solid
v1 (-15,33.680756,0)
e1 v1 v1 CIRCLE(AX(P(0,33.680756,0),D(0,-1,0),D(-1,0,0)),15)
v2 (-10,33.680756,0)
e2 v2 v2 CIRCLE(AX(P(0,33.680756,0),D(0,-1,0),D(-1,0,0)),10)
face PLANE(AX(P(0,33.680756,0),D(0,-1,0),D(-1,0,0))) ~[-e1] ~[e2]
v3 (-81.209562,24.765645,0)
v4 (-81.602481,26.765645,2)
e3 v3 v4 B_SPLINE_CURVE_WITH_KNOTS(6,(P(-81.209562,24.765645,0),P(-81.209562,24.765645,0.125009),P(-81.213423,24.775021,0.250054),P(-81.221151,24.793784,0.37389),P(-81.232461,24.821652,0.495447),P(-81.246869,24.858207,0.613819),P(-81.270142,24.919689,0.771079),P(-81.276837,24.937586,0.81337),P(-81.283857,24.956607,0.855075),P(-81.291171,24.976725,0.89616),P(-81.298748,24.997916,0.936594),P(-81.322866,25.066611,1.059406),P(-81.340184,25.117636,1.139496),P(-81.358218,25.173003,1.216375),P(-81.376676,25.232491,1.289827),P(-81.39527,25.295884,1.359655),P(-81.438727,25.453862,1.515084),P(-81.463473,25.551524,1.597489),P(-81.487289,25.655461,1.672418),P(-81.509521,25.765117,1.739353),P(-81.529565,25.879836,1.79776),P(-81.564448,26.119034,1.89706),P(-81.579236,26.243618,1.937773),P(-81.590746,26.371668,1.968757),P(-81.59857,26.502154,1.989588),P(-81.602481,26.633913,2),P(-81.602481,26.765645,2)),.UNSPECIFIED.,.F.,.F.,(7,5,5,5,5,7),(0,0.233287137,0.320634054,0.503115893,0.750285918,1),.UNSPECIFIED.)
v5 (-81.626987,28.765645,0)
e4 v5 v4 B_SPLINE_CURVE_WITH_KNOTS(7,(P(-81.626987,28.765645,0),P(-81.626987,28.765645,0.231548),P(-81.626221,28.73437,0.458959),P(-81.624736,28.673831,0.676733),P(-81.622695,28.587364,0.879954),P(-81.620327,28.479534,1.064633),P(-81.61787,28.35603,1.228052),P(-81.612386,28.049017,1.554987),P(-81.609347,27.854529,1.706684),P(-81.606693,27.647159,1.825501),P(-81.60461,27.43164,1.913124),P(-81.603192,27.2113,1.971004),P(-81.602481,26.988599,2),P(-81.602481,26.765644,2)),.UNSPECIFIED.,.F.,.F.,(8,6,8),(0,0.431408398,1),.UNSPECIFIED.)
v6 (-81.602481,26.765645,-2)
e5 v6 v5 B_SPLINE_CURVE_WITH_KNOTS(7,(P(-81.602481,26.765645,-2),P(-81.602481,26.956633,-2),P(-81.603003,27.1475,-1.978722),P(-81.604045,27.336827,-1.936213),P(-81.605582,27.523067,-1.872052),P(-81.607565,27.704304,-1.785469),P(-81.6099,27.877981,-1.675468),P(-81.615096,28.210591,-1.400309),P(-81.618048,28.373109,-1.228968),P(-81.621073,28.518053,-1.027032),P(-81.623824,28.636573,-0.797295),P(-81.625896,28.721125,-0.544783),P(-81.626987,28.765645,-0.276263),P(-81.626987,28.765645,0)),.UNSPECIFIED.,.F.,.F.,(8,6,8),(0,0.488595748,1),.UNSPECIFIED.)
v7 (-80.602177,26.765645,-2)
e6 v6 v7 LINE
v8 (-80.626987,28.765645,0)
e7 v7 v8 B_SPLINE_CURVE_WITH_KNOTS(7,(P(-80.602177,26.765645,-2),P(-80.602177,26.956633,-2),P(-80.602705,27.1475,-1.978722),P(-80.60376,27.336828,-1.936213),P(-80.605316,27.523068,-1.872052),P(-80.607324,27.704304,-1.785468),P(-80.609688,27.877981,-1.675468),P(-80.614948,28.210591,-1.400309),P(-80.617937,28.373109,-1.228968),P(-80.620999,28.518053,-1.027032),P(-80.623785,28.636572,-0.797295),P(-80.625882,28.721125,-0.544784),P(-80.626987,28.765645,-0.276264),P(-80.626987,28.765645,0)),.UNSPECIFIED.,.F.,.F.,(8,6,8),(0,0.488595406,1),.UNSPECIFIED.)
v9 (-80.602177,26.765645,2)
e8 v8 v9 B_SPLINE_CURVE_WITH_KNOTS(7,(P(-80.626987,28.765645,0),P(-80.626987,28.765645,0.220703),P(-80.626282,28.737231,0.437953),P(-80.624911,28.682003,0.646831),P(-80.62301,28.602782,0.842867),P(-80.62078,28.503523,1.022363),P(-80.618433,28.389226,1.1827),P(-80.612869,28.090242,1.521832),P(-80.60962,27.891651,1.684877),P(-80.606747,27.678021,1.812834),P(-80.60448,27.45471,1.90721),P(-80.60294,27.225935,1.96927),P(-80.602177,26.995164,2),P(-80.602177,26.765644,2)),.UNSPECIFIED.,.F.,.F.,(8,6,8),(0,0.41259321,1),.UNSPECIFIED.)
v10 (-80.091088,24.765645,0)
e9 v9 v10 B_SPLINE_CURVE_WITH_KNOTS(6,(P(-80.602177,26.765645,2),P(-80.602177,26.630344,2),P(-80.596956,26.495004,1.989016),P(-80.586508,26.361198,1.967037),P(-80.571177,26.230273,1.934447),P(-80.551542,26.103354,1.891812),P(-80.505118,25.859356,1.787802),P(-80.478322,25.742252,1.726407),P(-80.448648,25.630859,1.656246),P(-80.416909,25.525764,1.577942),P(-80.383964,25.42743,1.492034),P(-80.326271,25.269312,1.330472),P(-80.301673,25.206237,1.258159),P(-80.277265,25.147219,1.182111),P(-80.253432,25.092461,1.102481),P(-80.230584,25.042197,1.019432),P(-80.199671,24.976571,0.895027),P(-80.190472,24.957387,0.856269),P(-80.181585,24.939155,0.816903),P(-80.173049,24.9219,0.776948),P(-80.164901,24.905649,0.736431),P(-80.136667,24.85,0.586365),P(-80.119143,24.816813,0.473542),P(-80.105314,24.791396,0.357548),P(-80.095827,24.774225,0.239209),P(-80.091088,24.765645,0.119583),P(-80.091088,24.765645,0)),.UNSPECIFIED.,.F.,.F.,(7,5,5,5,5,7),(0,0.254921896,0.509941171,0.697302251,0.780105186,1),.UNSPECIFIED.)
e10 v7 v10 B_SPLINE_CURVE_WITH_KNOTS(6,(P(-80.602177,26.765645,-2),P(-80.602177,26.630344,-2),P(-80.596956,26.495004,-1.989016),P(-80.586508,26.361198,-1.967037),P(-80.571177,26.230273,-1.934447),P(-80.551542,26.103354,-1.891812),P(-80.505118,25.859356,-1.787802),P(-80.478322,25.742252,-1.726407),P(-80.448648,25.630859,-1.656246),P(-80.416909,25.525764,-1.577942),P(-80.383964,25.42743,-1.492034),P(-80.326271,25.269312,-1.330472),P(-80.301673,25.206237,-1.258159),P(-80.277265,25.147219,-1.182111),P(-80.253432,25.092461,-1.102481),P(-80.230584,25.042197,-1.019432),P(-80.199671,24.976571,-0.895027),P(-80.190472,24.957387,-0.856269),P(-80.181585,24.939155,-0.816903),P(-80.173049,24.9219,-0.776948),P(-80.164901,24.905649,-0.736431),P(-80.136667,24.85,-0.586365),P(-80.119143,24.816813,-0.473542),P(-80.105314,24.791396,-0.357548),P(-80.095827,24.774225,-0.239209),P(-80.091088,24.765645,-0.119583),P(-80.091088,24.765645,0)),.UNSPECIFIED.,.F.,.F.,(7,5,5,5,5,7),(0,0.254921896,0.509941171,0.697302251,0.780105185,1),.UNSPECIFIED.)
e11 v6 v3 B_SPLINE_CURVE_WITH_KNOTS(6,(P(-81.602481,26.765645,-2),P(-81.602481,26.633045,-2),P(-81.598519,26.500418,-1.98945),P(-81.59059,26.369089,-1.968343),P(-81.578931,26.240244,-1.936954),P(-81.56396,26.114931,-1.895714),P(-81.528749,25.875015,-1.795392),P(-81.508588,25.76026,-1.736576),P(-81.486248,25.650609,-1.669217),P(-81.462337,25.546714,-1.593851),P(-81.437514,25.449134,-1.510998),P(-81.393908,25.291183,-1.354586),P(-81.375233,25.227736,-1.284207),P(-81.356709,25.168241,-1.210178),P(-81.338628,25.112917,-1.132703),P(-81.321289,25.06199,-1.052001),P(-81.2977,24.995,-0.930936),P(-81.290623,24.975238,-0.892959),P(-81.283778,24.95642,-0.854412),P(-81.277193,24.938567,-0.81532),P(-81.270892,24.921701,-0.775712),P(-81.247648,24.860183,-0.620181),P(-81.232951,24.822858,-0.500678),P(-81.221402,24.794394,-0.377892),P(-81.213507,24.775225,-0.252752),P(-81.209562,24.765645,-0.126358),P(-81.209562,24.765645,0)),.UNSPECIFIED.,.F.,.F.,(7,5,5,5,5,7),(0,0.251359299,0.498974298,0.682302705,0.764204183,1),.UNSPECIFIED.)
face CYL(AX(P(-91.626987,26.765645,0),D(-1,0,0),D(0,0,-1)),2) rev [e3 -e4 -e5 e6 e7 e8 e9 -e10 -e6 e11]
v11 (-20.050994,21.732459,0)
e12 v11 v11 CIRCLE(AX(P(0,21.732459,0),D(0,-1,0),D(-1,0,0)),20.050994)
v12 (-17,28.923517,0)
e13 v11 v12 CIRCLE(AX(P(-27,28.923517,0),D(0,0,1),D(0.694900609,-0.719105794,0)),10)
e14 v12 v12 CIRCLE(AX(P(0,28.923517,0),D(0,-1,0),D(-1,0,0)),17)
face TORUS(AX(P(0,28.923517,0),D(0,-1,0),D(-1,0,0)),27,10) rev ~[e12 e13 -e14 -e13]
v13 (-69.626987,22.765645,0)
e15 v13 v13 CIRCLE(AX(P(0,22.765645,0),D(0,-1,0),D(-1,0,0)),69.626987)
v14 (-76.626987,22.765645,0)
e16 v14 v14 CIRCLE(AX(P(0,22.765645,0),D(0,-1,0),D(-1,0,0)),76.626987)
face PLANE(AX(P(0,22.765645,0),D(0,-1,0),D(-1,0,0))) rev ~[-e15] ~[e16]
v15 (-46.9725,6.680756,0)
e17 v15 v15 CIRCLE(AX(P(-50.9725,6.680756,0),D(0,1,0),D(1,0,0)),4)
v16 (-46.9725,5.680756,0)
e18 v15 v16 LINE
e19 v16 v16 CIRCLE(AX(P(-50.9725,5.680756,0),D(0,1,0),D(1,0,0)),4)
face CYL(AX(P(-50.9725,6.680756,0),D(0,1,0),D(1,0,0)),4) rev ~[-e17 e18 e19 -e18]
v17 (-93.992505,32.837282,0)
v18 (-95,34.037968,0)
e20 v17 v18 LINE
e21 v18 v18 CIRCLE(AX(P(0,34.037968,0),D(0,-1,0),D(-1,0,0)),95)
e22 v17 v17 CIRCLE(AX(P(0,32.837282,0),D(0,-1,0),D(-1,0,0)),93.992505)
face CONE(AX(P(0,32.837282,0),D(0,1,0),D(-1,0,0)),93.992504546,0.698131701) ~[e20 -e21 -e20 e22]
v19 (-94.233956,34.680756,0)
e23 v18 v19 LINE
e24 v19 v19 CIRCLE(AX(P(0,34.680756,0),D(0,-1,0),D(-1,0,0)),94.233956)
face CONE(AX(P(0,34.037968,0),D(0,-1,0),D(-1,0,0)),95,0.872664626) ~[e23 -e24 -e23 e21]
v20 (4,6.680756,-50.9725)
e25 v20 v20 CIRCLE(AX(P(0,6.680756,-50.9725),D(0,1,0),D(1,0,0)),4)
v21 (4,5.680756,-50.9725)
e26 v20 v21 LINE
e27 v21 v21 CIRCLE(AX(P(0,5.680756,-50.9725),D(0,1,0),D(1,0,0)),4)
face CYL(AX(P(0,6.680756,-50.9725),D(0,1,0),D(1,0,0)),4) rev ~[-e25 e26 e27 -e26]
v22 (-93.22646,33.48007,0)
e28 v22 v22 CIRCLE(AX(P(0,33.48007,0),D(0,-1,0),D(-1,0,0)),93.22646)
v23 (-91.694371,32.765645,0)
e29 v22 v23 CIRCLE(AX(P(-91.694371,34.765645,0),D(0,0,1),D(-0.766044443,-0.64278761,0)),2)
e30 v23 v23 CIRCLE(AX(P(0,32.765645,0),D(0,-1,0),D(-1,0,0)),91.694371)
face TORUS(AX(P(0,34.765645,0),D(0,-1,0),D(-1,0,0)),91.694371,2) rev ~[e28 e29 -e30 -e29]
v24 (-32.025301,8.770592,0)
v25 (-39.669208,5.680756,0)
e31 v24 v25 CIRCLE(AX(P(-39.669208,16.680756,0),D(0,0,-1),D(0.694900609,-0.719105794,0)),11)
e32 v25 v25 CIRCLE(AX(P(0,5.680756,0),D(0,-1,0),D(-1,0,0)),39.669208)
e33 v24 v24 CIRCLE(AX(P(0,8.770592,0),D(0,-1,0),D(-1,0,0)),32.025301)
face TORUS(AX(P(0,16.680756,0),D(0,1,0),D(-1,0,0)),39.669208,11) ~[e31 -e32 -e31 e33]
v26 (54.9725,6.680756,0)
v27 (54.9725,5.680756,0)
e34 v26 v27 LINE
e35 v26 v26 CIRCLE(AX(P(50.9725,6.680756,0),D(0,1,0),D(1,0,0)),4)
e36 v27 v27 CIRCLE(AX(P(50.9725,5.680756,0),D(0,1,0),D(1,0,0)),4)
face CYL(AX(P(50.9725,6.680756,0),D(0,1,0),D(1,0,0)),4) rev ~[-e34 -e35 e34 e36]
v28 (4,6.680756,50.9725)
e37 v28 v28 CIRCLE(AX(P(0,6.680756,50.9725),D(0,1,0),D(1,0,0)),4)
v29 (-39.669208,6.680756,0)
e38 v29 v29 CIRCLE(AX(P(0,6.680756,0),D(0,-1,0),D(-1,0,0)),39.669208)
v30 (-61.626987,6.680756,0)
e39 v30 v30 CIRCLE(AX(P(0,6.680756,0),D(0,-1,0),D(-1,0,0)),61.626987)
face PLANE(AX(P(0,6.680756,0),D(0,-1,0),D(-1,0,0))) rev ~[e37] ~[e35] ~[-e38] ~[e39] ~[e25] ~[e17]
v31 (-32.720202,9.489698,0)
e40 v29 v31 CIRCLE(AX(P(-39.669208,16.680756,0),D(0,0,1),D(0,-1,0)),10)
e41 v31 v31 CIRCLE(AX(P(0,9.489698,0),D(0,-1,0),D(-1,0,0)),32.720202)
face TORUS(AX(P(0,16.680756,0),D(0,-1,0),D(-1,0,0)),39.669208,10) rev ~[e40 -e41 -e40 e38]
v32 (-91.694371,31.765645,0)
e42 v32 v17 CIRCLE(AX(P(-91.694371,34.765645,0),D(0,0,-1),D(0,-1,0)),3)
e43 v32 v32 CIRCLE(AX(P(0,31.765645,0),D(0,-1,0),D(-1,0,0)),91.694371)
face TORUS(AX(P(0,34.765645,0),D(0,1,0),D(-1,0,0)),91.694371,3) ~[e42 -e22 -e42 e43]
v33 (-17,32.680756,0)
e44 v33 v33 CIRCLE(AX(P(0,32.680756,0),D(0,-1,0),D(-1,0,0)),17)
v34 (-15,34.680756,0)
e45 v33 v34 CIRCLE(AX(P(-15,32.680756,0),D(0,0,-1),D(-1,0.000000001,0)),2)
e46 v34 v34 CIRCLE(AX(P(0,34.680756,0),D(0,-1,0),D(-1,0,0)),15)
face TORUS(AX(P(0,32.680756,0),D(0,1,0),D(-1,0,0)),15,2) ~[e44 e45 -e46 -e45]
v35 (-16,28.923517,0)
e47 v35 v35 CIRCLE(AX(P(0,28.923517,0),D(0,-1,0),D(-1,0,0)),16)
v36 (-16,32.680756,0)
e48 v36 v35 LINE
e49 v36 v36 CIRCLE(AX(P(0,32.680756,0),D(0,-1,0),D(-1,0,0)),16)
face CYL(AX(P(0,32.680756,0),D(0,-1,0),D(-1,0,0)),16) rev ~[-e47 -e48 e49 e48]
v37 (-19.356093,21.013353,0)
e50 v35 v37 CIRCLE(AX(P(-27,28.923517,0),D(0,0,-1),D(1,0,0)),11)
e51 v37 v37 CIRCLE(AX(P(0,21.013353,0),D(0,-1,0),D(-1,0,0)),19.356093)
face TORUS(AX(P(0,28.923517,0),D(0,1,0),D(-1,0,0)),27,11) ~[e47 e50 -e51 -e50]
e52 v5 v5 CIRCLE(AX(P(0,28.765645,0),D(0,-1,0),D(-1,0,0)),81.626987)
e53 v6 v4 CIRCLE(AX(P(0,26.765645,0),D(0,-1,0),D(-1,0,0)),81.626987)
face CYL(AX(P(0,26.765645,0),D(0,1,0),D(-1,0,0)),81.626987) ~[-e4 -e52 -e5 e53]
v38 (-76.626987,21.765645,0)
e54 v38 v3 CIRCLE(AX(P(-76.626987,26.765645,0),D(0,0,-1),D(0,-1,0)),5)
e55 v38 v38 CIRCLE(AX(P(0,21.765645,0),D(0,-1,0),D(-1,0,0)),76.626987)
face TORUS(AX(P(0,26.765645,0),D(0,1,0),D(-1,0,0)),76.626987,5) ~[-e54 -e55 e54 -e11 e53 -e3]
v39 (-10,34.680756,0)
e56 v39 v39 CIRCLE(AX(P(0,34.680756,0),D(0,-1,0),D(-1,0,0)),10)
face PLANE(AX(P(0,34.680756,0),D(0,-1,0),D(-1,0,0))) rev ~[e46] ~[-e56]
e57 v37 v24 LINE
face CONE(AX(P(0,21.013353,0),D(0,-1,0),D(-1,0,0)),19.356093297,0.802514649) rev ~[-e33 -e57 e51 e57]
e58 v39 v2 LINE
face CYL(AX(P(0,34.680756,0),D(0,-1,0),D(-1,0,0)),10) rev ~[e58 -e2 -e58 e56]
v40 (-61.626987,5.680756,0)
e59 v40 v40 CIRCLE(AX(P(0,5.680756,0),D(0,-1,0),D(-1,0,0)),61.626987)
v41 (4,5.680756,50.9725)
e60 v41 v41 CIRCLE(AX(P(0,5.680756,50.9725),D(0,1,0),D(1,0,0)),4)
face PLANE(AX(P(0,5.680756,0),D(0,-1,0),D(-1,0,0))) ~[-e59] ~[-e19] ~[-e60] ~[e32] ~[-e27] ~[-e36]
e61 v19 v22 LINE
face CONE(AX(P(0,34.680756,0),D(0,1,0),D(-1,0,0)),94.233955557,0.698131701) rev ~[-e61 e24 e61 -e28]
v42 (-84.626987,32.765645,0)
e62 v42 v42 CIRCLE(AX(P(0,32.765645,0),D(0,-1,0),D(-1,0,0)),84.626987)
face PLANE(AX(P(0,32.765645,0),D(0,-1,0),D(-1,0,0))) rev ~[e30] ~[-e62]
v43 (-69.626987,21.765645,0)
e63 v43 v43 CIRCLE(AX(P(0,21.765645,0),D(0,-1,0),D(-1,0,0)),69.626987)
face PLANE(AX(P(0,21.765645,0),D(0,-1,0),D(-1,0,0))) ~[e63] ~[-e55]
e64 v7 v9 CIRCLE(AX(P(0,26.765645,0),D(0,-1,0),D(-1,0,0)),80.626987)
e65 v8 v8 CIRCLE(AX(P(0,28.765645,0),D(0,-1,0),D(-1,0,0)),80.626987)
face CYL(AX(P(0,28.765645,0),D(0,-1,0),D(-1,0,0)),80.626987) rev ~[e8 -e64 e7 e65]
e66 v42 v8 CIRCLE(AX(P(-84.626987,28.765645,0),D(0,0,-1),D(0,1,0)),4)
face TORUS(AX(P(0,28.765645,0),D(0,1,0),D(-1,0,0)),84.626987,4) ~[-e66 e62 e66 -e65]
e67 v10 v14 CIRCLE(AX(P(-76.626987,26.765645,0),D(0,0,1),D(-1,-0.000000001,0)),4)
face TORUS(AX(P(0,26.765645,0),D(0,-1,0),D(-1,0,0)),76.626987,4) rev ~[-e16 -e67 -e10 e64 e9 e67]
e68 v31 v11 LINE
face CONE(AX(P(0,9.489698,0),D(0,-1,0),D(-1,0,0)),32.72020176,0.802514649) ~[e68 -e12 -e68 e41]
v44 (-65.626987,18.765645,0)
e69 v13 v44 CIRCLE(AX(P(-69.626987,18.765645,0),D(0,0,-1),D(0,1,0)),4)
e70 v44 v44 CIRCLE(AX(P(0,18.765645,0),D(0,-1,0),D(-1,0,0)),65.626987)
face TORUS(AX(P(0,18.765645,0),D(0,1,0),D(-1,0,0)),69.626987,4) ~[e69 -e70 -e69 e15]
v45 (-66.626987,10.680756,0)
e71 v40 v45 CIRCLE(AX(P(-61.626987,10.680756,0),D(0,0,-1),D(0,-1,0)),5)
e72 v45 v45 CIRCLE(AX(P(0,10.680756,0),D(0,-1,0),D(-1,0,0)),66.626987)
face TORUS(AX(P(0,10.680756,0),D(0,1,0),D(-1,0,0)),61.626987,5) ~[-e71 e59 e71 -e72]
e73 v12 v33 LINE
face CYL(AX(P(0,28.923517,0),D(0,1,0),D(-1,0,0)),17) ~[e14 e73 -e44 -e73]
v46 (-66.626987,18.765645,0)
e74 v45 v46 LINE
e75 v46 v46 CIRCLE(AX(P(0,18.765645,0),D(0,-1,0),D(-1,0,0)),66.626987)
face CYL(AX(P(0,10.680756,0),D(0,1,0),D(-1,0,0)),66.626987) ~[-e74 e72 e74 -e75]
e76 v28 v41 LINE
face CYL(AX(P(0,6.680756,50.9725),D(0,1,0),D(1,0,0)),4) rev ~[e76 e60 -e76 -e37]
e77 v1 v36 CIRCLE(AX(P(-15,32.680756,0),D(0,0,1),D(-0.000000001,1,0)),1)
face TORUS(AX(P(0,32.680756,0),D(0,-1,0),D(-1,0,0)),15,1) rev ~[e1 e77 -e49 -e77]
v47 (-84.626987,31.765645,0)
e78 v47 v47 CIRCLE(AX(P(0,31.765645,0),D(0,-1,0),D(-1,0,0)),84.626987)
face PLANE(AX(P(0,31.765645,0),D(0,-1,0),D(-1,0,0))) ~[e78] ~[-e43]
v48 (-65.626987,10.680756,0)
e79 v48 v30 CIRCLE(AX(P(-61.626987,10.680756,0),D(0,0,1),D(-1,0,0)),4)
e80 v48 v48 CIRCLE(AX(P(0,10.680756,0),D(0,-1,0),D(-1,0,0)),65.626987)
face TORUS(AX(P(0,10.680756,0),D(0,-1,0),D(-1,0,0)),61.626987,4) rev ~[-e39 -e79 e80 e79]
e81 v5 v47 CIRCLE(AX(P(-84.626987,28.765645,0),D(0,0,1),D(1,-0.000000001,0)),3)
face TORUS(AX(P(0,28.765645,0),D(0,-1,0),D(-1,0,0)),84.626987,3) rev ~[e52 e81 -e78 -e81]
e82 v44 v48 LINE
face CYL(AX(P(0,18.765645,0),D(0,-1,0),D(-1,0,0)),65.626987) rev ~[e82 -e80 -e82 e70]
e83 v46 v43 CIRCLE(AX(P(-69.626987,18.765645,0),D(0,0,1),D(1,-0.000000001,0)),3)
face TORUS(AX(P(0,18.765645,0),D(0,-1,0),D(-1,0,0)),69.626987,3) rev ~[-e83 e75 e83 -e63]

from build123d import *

# Parameters (mm, degrees)
IZIM2_R                    = 4
KES_EKSTR_ZYON1_DEPTH      = 10
KES_EKSTR_ZYON4_DEPTH      = 11
KES_EKSTR_ZYON4_DEPTH_BACK = 11
IZIM3_R                    = 2


with BuildPart() as part:
    # Çizim1 → Döndür1 (revolve)
    with BuildSketch(Plane.XY):
        with BuildLine():
            Line((-94.233955557, 34.680756072), (-93.226460103, 33.480069745))
            ThreePointArc((-93.226460103, 33.480069745), (-92.53960774, 32.95302939), (-91.694371216, 32.765644964))
            Line((-91.694371216, 32.765644964), (-84.626986533, 32.765644964))
            ThreePointArc((-84.626986533, 32.765644964), (-81.798559408, 31.594072089), (-80.626986533, 28.765644964))
            Line((-80.626986533, 28.765644964), (-80.626986533, 26.765644964))
            ThreePointArc((-80.626986533, 26.765644964), (-79.455413657, 23.93721784), (-76.626986533, 22.765644964))
            Line((-76.626986533, 22.765644964), (-69.626986533, 22.765644964))
            ThreePointArc((-69.626986533, 22.765644964), (-66.798559408, 21.594072089), (-65.626986533, 18.765644964))
            Line((-65.626986533, 18.765644964), (-65.626986533, 10.680756072))
            ThreePointArc((-65.626986533, 10.680756072), (-64.455413657, 7.852328947), (-61.626986533, 6.680756072))
            Line((-61.626986533, 6.680756072), (-39.669207854, 6.680756072))
            ThreePointArc((-39.669207854, 6.680756072), (-35.921580565, 7.409548508), (-32.72020176, 9.489698132))
            Line((-32.72020176, 9.489698132), (-20.050993906, 21.732458976))
            ThreePointArc((-20.050993906, 21.732458976), (-17.794293592, 25.017755847), (-17, 28.923516916))
            Line((-17, 28.923516916), (-17, 32.680756072))
            ThreePointArc((-17, 32.680756072), (-16.414213562, 34.094969634), (-15, 34.680756072))
            Line((-15, 34.680756072), (-10, 34.680756072))
            Line((-10, 34.680756072), (-10, 33.680756072))
            Line((-10, 33.680756072), (-11, 33.680756072))
            Line((-11, 33.680756072), (-15, 33.680756072))
            ThreePointArc((-15, 33.680756072), (-15.707106781, 33.387862853), (-16, 32.680756072))
            Line((-16, 32.680756072), (-16, 28.923516916))
            ThreePointArc((-16, 28.923516916), (-16.873722951, 24.62717974), (-19.356093297, 21.013353182))
            Line((-19.356093297, 21.013353182), (-32.02530115, 8.770592337))
            ThreePointArc((-32.02530115, 8.770592337), (-35.546817836, 6.482427751), (-39.669207854, 5.680756072))
            Line((-39.669207854, 5.680756072), (-61.626986533, 5.680756072))
            ThreePointArc((-61.626986533, 5.680756072), (-65.162520439, 7.145222166), (-66.626986533, 10.680756072))
            Line((-66.626986533, 10.680756072), (-66.626986533, 18.765644964))
            ThreePointArc((-66.626986533, 18.765644964), (-67.505666189, 20.886965308), (-69.626986533, 21.765644964))
            Line((-69.626986533, 21.765644964), (-76.626986533, 21.765644964))
            ThreePointArc((-76.626986533, 21.765644964), (-80.162520439, 23.230111058), (-81.626986533, 26.765644964))
            Line((-81.626986533, 26.765644964), (-81.626986533, 28.765644964))
            ThreePointArc((-81.626986533, 28.765644964), (-82.505666189, 30.886965308), (-84.626986533, 31.765644964))
            Line((-84.626986533, 31.765644964), (-91.694371216, 31.765644964))
            ThreePointArc((-91.694371216, 31.765644964), (-92.962226002, 32.046721603), (-93.992504546, 32.837282135))
            Line((-93.992504546, 32.837282135), (-95, 34.037968462))
            Line((-95, 34.037968462), (-94.233955557, 34.680756072))
        make_face()
    revolve(axis=Axis((0, 39.603638965, 0), (0, -1, 0)))

    # Çizim2 → Kes-Ekstrüzyon1 (cut)
    with BuildSketch(Plane(origin=(0, 6.680756072, 0), x_dir=(1, 0, 0), z_dir=(0, 1, 0))):
        with Locations((0, 50.9725)):
            Circle(IZIM2_R)
        with Locations((50.9725, 0)):
            Circle(IZIM2_R)
        with Locations((0, -50.9725)):
            Circle(IZIM2_R)
        with Locations((-50.9725, 0)):
            Circle(IZIM2_R)
    extrude(amount=-KES_EKSTR_ZYON1_DEPTH, mode=Mode.SUBTRACT)

    # Çizim3 → Kes-Ekstrüzyon4 (cut, two sides: drawn at the far end of the back side and taken through both)
    with BuildSketch(Plane(origin=(-80.626986533, 0, 0), x_dir=(0, 0, -1), z_dir=(1, 0, 0)).offset(-KES_EKSTR_ZYON4_DEPTH_BACK)):
        with Locations((0, 26.765644964)):
            Circle(IZIM3_R)
    extrude(amount=KES_EKSTR_ZYON4_DEPTH + KES_EKSTR_ZYON4_DEPTH_BACK, mode=Mode.SUBTRACT)


solid = part.part
